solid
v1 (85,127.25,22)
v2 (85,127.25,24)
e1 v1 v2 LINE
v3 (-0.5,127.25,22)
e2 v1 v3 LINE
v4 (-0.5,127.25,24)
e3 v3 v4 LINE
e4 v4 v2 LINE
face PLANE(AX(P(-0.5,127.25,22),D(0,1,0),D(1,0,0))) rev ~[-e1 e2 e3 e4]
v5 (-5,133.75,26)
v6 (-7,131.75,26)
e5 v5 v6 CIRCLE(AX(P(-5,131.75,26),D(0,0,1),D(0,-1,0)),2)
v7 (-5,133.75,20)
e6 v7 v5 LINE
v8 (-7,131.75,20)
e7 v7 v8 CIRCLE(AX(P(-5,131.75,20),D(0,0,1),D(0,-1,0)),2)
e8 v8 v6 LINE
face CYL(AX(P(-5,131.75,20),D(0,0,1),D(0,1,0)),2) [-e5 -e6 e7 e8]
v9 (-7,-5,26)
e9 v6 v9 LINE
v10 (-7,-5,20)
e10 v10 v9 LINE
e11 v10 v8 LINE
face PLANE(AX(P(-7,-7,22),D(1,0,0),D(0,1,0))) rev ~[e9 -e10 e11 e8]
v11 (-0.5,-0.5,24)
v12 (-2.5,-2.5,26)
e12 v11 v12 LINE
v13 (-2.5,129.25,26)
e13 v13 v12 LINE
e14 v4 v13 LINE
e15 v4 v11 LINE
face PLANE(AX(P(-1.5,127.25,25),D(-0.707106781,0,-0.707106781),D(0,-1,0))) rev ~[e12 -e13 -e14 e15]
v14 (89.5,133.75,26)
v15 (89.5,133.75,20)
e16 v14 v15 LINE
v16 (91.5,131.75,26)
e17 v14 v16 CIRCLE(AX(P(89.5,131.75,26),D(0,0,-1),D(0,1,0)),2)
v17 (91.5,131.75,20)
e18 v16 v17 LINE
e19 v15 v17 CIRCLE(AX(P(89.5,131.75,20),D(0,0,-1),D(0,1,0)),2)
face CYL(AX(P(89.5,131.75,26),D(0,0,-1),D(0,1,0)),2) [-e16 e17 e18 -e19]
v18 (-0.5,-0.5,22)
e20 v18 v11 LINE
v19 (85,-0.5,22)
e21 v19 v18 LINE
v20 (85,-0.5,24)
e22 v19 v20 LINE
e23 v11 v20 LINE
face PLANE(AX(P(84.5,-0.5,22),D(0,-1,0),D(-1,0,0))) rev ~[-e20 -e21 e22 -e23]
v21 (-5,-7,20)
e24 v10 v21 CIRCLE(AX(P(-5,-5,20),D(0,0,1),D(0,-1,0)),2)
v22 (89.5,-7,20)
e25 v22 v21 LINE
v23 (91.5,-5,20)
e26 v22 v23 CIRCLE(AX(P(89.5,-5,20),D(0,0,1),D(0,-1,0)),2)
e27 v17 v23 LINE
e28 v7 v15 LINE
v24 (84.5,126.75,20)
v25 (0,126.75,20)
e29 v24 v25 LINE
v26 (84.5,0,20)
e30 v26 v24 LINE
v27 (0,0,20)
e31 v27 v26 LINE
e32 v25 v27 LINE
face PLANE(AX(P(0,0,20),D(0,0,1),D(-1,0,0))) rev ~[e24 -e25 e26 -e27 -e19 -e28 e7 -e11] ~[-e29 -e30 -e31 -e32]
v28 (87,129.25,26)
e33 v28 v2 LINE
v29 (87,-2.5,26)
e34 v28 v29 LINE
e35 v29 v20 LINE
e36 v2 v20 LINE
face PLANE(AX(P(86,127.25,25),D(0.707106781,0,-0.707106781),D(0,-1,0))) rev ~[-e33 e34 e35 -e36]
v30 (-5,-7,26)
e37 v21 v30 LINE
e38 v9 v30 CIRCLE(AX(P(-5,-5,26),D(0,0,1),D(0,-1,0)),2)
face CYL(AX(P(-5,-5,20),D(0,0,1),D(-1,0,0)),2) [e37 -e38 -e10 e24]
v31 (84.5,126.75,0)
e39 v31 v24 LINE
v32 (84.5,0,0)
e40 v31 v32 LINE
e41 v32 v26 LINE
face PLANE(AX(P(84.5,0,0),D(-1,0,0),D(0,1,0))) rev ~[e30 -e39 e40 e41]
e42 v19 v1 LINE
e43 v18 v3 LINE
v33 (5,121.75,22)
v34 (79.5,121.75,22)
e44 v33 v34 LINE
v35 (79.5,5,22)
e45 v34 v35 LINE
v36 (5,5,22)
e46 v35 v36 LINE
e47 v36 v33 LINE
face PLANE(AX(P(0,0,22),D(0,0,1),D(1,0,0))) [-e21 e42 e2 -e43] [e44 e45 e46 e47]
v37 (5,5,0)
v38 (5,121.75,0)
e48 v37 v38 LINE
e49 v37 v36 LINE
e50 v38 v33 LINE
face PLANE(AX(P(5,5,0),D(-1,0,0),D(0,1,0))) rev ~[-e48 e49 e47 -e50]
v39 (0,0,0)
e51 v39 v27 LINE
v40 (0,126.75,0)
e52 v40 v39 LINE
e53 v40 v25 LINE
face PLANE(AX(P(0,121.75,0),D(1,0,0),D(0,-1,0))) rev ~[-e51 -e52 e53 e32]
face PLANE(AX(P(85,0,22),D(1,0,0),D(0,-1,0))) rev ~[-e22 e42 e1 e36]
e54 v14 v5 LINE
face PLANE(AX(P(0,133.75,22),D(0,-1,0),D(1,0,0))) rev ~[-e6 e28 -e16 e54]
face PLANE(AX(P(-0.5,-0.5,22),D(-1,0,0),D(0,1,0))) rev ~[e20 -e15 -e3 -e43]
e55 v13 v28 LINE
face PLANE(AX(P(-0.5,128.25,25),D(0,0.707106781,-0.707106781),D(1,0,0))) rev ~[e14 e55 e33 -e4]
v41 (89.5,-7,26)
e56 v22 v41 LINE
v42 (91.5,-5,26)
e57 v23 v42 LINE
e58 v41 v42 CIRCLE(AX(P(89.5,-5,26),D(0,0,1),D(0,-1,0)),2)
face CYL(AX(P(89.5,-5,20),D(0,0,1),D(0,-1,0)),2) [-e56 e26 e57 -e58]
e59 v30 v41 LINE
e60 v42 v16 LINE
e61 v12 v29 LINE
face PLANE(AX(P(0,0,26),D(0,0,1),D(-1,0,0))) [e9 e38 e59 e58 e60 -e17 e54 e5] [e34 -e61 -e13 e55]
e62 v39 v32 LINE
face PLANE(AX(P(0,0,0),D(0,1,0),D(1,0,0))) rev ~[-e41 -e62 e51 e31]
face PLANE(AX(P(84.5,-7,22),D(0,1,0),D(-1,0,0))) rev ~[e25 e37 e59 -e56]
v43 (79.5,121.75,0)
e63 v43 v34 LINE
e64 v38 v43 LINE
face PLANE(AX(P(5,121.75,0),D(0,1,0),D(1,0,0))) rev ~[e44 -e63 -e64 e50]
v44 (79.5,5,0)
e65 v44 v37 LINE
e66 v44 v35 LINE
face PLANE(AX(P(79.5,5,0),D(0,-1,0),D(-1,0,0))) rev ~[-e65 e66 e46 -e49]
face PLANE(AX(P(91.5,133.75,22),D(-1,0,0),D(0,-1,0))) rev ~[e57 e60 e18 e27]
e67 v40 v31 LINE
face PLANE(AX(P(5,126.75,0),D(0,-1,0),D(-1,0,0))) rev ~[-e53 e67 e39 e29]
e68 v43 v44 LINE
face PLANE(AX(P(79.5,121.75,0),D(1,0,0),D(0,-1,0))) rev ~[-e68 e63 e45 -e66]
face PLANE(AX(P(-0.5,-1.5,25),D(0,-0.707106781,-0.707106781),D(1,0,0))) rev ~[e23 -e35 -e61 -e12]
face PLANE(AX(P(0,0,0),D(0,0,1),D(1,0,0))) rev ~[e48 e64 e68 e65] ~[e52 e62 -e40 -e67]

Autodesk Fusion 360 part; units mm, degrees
sketch "Sketch1" plane through (0, 0, 0) normal (0, 0, 1) x (1, 0, 0)
  line L0 (0, 0) -> (84.5, 0)
  line L1 (84.5, 0) -> (84.5, 126.75)
  line L2 (84.5, 126.75) -> (0, 126.75)
  line L3 (0, 126.75) -> (0, 0)
  line L4 (0, 126.75) -> (5, 126.75)
  line L5 (5, 126.75) -> (5, 121.75)
  line L6 (5, 121.75) -> (0, 121.75)
  line L7 (0, 121.75) -> (0, 126.75)
  line L8 (84.5, 0) -> (79.5, 0)
  line L9 (79.5, 0) -> (79.5, 5)
  line L10 (79.5, 5) -> (84.5, 5)
  line L11 (84.5, 5) -> (84.5, 0)
  line L12 (5, 121.75) -> (79.5, 121.75)
  line L13 (79.5, 121.75) -> (79.5, 5)
  line L14 (79.5, 5) -> (5, 5)
  line L15 (5, 5) -> (5, 121.75)
  dimension "d1" = 84.5
  dimension "d2" = 126.75
  dimension "d3" = 5
  dimension "d4" = 5
  dimension "d5" = 5
  dimension "d6" = 5
extrude "Extrude1" add sketch "Sketch1" along normal blind 22 contours L0 L3 L6 L9 L14 L15 | L0 L1 L8 L9 L10 L11 | L2 L3 L4 L5 L6 L7 | L1 L2 L5 L10 L12 L13 makes body 1
sketch "Sketch2" plane through (0, 0, 22) normal (0, 0, 1) x (-1, 0, 0)
  line L0 (-79.5, -5) -> (-5, -5)
  line L1 (-5, -5) -> (-5, -121.75)
  line L2 (-5, -121.75) -> (-79.5, -121.75)
  line L3 (-79.5, -121.75) -> (-79.5, -5)
  line L4 (-84.5, -126.75) -> (0, -126.75)
  line L5 (0, -126.75) -> (0, 0)
  line L6 (0, 0) -> (-84.5, 0)
  line L7 (-84.5, 0) -> (-84.5, -126.75)
  line L8 (0, -126.75) -> (7, -126.75)
  line L9 (7, -126.75) -> (7, -133.75)
  line L10 (7, -133.75) -> (0, -133.75)
  line L11 (0, -133.75) -> (0, -126.75)
  line L12 (-84.5, 0) -> (-91.5, 0)
  line L13 (-91.5, 0) -> (-91.5, 7)
  line L14 (-91.5, 7) -> (-84.5, 7)
  line L15 (-84.5, 7) -> (-84.5, 0)
  line L16 (7, -133.75) -> (-91.5, -133.75)
  line L17 (-91.5, -133.75) -> (-91.5, 7)
  line L18 (-91.5, 7) -> (7, 7)
  line L19 (7, 7) -> (7, -133.75)
  line L20 (0, -126.75) -> (0.5, -126.75)
  line L21 (0.5, -126.75) -> (0.5, -127.25)
  line L22 (0.5, -127.25) -> (0, -127.25)
  line L23 (0, -127.25) -> (0, -126.75)
  line L24 (-84.5, 0) -> (-85, 0)
  line L25 (-85, 0) -> (-85, 0.5)
  line L26 (-85, 0.5) -> (-84.5, 0.5)
  line L27 (-84.5, 0.5) -> (-84.5, 0)
  line L28 (0.5, -127.25) -> (-85, -127.25)
  line L29 (-85, -127.25) -> (-85, 0.5)
  line L30 (-85, 0.5) -> (0.5, 0.5)
  line L31 (0.5, 0.5) -> (0.5, -127.25)
  dimension "d9" = 7
  dimension "d10" = 7
  dimension "d11" = 7
  dimension "d12" = 7
  dimension "d24" = 0.5
  dimension "d25" = 0.5
  dimension "d26" = 0.5
  dimension "d27" = 0.5
extrude "Extrude2" add sketch "Sketch2" along normal blind 4 separate body contours L8 L15 L18 L19 L30 L31 | L8 L9 L10 L11 L16 L19 L21 L22 L28 L31 | L11 L12 L16 L17 L28 L29 | L12 L13 L14 L15 L17 L18 L25 L26 L29 L30 makes body 2
chamfer "Chamfer1" distance 2 angle 45 4 edges at (85, 63.375, 26) (42.25, -0.5, 26) (-0.5, 63.375, 26) (42.25, 127.25, 26) on bodies 2
extrude "Extrude3" add sketch "Sketch2" against normal blind 2 contours L4 L7 L11 L12 L23 L24 L28 L29 | L5 L6 L8 L15 L20 L27 L30 L31 | L8 L11 L20 L21 L22 L23 L28 L31 | L12 L15 L24 L25 L26 L27 L29 L30 | L8 L15 L18 L19 L30 L31 | L8 L9 L10 L11 L16 L19 L21 L22 L28 L31 | L11 L12 L16 L17 L28 L29 | L12 L13 L14 L15 L17 L18 L25 L26 L29 L30 bodies 1 2
fillet "Fillet1" radius 2 4 edges at (-7, -7, 24) (91.5, -7, 24) (-7, 133.75, 24) (91.5, 133.75, 24) on bodies 1 2
